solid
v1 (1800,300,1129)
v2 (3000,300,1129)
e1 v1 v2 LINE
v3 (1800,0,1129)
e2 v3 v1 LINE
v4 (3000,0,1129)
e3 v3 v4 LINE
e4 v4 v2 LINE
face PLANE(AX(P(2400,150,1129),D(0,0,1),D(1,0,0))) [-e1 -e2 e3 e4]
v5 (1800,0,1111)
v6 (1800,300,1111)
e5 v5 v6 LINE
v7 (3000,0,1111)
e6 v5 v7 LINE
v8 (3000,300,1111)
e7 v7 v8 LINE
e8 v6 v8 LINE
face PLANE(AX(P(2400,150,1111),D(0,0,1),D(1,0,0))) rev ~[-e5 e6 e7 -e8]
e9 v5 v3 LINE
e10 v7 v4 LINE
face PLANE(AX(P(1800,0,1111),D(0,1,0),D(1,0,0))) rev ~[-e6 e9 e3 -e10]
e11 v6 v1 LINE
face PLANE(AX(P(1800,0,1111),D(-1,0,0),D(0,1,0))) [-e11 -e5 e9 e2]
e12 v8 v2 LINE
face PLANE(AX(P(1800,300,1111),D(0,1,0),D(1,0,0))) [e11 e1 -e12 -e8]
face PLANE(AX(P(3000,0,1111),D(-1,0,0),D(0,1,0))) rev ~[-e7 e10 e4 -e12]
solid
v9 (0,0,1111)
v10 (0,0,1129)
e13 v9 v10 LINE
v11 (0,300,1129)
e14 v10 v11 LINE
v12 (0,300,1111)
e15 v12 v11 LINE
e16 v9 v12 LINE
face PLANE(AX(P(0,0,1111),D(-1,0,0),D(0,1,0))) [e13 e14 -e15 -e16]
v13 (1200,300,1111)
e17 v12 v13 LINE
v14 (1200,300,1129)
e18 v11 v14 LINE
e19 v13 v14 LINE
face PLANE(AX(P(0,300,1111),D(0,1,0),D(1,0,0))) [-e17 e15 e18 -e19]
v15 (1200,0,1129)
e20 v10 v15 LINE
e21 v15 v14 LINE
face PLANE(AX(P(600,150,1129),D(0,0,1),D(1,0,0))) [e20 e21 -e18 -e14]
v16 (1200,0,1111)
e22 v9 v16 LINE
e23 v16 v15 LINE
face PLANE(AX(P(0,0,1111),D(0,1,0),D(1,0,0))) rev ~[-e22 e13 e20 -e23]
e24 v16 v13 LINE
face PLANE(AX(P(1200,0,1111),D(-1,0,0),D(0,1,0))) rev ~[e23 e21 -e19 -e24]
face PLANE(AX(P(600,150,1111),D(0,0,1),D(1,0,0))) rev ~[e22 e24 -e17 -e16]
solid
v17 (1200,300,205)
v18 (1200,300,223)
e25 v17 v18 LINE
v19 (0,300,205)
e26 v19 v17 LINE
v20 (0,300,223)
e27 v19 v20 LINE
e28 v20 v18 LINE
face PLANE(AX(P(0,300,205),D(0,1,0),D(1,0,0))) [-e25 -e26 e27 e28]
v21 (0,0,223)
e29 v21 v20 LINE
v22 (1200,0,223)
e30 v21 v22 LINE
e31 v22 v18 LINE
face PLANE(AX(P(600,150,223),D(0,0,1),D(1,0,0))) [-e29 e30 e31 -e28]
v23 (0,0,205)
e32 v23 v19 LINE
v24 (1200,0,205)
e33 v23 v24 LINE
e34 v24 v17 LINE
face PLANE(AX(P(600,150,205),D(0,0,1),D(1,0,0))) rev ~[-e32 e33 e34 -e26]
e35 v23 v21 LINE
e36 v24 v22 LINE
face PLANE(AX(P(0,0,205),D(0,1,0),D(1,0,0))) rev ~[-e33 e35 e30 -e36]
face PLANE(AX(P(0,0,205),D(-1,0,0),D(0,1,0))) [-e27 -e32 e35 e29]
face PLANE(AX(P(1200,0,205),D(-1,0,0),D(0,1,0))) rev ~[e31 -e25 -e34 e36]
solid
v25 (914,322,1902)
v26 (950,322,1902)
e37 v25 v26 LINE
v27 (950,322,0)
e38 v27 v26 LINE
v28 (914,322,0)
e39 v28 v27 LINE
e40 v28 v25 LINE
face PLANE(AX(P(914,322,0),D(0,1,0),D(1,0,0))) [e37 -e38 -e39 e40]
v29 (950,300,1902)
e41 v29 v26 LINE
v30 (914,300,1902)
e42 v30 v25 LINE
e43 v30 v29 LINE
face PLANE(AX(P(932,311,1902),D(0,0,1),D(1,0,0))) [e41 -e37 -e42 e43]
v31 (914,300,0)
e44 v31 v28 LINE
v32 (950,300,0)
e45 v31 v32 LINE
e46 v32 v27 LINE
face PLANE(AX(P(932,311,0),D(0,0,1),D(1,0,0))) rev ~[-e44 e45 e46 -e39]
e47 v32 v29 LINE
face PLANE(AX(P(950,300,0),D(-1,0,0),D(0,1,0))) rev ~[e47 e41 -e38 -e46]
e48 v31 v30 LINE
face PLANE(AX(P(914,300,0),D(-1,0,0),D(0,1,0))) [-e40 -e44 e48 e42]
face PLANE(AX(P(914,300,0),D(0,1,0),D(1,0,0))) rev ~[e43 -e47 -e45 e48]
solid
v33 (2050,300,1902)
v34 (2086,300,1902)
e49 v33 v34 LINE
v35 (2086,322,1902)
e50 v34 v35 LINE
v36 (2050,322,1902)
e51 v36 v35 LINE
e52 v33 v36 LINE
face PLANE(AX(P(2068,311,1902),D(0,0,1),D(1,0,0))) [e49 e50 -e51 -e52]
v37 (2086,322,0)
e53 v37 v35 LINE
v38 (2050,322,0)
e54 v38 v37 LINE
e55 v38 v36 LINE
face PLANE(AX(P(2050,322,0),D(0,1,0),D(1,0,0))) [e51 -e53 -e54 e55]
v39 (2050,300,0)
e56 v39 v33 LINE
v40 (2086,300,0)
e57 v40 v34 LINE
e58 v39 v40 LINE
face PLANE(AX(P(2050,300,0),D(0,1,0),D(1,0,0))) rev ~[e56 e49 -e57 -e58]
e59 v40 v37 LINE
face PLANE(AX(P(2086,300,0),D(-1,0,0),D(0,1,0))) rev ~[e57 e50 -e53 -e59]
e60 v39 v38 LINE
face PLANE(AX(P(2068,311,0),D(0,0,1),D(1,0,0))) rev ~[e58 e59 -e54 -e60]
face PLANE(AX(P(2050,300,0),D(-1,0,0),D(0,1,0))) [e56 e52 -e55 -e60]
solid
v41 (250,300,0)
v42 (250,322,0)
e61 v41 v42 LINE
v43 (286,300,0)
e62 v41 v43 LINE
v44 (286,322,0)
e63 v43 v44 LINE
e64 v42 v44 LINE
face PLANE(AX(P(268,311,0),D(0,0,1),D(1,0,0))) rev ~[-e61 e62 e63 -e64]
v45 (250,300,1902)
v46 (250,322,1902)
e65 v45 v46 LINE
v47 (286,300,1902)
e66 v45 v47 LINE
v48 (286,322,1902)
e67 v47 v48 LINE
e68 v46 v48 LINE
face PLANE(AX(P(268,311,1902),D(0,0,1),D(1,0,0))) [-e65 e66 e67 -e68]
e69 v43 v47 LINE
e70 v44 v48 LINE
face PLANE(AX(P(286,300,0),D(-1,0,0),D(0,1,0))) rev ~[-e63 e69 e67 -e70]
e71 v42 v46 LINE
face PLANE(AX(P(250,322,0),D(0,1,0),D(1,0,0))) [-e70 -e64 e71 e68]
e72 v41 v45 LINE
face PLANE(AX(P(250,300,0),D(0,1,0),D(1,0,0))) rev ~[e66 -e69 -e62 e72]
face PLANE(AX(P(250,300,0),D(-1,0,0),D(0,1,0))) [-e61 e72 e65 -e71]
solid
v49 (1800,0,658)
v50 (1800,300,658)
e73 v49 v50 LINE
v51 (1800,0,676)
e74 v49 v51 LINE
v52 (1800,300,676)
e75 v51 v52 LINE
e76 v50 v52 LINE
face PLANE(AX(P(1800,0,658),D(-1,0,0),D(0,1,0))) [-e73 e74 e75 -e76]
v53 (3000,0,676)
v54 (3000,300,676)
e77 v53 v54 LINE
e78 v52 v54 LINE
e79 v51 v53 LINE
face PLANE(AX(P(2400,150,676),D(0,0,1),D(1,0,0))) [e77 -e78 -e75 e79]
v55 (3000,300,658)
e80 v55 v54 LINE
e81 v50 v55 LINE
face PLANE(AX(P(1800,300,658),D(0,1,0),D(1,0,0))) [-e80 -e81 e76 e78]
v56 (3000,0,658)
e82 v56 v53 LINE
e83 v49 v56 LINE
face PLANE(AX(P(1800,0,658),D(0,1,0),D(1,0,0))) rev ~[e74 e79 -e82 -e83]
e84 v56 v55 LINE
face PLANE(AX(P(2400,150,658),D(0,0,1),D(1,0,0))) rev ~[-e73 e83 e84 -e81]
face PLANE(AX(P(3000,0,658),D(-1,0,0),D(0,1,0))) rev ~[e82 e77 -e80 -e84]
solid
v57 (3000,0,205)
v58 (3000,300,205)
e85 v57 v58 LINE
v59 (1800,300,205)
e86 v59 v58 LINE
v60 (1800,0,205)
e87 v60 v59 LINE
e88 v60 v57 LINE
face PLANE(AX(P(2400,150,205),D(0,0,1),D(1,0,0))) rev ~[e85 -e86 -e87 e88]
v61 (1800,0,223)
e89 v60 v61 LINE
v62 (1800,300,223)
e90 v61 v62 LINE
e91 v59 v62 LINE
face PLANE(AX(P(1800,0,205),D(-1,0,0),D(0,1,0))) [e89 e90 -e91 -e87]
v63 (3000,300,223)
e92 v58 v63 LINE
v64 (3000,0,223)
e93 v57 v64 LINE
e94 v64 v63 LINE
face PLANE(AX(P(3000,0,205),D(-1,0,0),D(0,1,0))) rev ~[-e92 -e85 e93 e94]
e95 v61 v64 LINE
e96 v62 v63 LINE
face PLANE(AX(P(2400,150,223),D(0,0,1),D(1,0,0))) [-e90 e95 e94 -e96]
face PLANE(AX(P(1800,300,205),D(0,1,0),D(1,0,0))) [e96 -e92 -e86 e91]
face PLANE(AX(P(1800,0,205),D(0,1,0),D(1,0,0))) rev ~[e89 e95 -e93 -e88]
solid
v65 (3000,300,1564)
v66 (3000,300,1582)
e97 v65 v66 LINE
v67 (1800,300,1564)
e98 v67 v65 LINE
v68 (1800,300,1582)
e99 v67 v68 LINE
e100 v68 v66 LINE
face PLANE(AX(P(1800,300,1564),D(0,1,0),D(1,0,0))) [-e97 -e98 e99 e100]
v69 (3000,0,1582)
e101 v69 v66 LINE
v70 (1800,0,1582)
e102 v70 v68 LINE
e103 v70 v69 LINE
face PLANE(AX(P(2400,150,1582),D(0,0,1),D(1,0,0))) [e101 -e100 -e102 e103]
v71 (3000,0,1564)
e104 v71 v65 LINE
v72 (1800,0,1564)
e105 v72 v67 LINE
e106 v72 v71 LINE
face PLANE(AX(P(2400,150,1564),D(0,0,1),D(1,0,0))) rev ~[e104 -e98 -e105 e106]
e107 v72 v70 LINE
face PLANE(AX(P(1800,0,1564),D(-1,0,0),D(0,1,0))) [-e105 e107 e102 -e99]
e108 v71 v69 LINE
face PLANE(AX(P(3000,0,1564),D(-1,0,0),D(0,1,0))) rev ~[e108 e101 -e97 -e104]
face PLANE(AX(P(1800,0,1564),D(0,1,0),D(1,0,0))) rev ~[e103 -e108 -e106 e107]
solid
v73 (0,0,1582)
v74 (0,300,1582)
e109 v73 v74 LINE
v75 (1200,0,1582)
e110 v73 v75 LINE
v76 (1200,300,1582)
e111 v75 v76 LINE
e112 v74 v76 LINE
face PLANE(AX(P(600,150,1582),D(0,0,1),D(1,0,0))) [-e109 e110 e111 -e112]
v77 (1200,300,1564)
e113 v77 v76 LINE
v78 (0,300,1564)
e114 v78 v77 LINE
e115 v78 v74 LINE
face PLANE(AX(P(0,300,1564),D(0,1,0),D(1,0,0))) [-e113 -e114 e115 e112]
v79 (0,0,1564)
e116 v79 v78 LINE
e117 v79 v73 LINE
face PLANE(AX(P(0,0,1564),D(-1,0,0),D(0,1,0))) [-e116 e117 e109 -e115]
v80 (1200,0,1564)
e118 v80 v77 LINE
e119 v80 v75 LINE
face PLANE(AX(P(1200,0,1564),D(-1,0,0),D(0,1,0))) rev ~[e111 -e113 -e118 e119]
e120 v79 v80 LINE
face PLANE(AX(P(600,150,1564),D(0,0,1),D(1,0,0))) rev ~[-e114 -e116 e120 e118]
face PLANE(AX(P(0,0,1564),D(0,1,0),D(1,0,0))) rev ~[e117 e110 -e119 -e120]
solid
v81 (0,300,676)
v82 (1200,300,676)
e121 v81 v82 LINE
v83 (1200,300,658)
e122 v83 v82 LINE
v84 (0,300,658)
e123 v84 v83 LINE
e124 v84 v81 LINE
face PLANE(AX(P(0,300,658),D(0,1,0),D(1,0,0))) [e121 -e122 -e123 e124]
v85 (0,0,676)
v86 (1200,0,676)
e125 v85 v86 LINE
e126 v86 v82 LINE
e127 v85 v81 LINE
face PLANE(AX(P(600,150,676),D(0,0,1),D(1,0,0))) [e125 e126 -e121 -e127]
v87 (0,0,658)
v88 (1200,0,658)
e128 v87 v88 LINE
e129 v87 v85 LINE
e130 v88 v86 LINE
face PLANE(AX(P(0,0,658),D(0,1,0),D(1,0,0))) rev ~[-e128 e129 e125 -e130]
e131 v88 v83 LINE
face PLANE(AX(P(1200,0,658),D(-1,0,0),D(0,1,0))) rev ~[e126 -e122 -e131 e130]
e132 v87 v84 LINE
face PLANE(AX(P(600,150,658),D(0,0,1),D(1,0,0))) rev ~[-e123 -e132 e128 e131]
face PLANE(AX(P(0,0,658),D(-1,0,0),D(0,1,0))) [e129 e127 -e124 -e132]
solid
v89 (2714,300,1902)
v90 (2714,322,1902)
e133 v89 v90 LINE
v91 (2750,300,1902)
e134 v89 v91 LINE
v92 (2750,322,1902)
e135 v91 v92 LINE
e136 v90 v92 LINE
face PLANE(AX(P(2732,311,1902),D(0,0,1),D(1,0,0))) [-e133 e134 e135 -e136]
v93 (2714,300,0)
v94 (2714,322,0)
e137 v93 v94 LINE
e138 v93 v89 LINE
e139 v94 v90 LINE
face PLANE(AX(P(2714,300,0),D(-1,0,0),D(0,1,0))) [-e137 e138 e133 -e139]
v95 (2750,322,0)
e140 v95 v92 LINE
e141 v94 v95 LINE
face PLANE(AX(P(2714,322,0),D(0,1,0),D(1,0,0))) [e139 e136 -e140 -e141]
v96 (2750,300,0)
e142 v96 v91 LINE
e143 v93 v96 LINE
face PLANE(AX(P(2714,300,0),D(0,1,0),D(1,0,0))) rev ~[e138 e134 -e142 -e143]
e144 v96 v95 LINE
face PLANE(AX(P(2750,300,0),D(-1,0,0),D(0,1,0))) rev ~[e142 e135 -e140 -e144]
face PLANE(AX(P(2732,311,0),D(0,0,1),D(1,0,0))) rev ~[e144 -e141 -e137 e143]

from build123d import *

# Parameters (mm, degrees)
PANELXY_W        = 1200
PANELXY_H        = 300
PANELXY_DEPTH    = 18
PANELZY_W        = 36
PANELZY_H        = 22
PANELZY_DEPTH    = 1902
PANELZY001_W     = 36
PANELZY001_H     = 22
PANELZY001_DEPTH = 1902
PANELXY001_W     = 1200
PANELXY001_H     = 300
PANELXY001_DEPTH = 18
PANELXY002_W     = 1200
PANELXY002_H     = 300
PANELXY002_DEPTH = 18
PANELXY003_W     = 1200
PANELXY003_H     = 300
PANELXY003_DEPTH = 18
PANELXY004_W     = 1200
PANELXY004_H     = 300
PANELXY004_DEPTH = 18
PANELXY005_W     = 1200
PANELXY005_H     = 300
PANELXY005_DEPTH = 18
PANELXY006_W     = 1200
PANELXY006_H     = 300
PANELXY006_DEPTH = 18
PANELXY007_W     = 1200
PANELXY007_H     = 300
PANELXY007_DEPTH = 18
PANELZY002_W     = 36
PANELZY002_H     = 22
PANELZY002_DEPTH = 1902
PANELZY003_W     = 36
PANELZY003_H     = 22
PANELZY003_DEPTH = 1902


with BuildPart() as panelxy:
    # panelXY → panelXY (new body)
    with BuildSketch(Plane.XY.offset(205)):
        with Locations((600, 150)):
            Rectangle(PANELXY_W, PANELXY_H)
    extrude(amount=PANELXY_DEPTH)


with BuildPart() as panelzy:
    # panelZY → panelZY (new body)
    with BuildSketch(Plane(origin=(250, 300, 0), x_dir=(1, 0, 0), z_dir=(0, 0, 1))):
        with Locations((18, 11)):
            Rectangle(PANELZY_W, PANELZY_H)
    extrude(amount=PANELZY_DEPTH)


with BuildPart() as panelzy001:
    # panelZY001 → panelZY001 (new body)
    with BuildSketch(Plane(origin=(914, 300, 0), x_dir=(1, 0, 0), z_dir=(0, 0, 1))):
        with Locations((18, 11)):
            Rectangle(PANELZY001_W, PANELZY001_H)
    extrude(amount=PANELZY001_DEPTH)


with BuildPart() as panelxy001:
    # panelXY001 → panelXY001 (new body)
    with BuildSketch(Plane.XY.offset(658)):
        with Locations((600, 150)):
            Rectangle(PANELXY001_W, PANELXY001_H)
    extrude(amount=PANELXY001_DEPTH)


with BuildPart() as panelxy002:
    # panelXY002 → panelXY002 (new body)
    with BuildSketch(Plane.XY.offset(1111)):
        with Locations((600, 150)):
            Rectangle(PANELXY002_W, PANELXY002_H)
    extrude(amount=PANELXY002_DEPTH)


with BuildPart() as panelxy003:
    # panelXY003 → panelXY003 (new body)
    with BuildSketch(Plane.XY.offset(1564)):
        with Locations((600, 150)):
            Rectangle(PANELXY003_W, PANELXY003_H)
    extrude(amount=PANELXY003_DEPTH)


with BuildPart() as panelxy004:
    # panelXY004 → panelXY004 (new body)
    with BuildSketch(Plane(origin=(1800, 0, 205), x_dir=(1, 0, 0), z_dir=(0, 0, 1))):
        with Locations((600, 150)):
            Rectangle(PANELXY004_W, PANELXY004_H)
    extrude(amount=PANELXY004_DEPTH)


with BuildPart() as panelxy005:
    # panelXY005 → panelXY005 (new body)
    with BuildSketch(Plane(origin=(1800, 0, 658), x_dir=(1, 0, 0), z_dir=(0, 0, 1))):
        with Locations((600, 150)):
            Rectangle(PANELXY005_W, PANELXY005_H)
    extrude(amount=PANELXY005_DEPTH)


with BuildPart() as panelxy006:
    # panelXY006 → panelXY006 (new body)
    with BuildSketch(Plane(origin=(1800, 0, 1111), x_dir=(1, 0, 0), z_dir=(0, 0, 1))):
        with Locations((600, 150)):
            Rectangle(PANELXY006_W, PANELXY006_H)
    extrude(amount=PANELXY006_DEPTH)


with BuildPart() as panelxy007:
    # panelXY007 → panelXY007 (new body)
    with BuildSketch(Plane(origin=(1800, 0, 1564), x_dir=(1, 0, 0), z_dir=(0, 0, 1))):
        with Locations((600, 150)):
            Rectangle(PANELXY007_W, PANELXY007_H)
    extrude(amount=PANELXY007_DEPTH)


with BuildPart() as panelzy002:
    # panelZY002 → panelZY002 (new body)
    with BuildSketch(Plane(origin=(2050, 300, 0), x_dir=(1, 0, 0), z_dir=(0, 0, 1))):
        with Locations((18, 11)):
            Rectangle(PANELZY002_W, PANELZY002_H)
    extrude(amount=PANELZY002_DEPTH)


with BuildPart() as panelzy003:
    # panelZY003 → panelZY003 (new body)
    with BuildSketch(Plane(origin=(2714, 300, 0), x_dir=(1, 0, 0), z_dir=(0, 0, 1))):
        with Locations((18, 11)):
            Rectangle(PANELZY003_W, PANELZY003_H)
    extrude(amount=PANELZY003_DEPTH)


solid = Compound([panelxy.part, panelzy.part, panelzy001.part, panelxy001.part, panelxy002.part, panelxy003.part, panelxy004.part, panelxy005.part, panelxy006.part, panelxy007.part, panelzy002.part, panelzy003.part])
